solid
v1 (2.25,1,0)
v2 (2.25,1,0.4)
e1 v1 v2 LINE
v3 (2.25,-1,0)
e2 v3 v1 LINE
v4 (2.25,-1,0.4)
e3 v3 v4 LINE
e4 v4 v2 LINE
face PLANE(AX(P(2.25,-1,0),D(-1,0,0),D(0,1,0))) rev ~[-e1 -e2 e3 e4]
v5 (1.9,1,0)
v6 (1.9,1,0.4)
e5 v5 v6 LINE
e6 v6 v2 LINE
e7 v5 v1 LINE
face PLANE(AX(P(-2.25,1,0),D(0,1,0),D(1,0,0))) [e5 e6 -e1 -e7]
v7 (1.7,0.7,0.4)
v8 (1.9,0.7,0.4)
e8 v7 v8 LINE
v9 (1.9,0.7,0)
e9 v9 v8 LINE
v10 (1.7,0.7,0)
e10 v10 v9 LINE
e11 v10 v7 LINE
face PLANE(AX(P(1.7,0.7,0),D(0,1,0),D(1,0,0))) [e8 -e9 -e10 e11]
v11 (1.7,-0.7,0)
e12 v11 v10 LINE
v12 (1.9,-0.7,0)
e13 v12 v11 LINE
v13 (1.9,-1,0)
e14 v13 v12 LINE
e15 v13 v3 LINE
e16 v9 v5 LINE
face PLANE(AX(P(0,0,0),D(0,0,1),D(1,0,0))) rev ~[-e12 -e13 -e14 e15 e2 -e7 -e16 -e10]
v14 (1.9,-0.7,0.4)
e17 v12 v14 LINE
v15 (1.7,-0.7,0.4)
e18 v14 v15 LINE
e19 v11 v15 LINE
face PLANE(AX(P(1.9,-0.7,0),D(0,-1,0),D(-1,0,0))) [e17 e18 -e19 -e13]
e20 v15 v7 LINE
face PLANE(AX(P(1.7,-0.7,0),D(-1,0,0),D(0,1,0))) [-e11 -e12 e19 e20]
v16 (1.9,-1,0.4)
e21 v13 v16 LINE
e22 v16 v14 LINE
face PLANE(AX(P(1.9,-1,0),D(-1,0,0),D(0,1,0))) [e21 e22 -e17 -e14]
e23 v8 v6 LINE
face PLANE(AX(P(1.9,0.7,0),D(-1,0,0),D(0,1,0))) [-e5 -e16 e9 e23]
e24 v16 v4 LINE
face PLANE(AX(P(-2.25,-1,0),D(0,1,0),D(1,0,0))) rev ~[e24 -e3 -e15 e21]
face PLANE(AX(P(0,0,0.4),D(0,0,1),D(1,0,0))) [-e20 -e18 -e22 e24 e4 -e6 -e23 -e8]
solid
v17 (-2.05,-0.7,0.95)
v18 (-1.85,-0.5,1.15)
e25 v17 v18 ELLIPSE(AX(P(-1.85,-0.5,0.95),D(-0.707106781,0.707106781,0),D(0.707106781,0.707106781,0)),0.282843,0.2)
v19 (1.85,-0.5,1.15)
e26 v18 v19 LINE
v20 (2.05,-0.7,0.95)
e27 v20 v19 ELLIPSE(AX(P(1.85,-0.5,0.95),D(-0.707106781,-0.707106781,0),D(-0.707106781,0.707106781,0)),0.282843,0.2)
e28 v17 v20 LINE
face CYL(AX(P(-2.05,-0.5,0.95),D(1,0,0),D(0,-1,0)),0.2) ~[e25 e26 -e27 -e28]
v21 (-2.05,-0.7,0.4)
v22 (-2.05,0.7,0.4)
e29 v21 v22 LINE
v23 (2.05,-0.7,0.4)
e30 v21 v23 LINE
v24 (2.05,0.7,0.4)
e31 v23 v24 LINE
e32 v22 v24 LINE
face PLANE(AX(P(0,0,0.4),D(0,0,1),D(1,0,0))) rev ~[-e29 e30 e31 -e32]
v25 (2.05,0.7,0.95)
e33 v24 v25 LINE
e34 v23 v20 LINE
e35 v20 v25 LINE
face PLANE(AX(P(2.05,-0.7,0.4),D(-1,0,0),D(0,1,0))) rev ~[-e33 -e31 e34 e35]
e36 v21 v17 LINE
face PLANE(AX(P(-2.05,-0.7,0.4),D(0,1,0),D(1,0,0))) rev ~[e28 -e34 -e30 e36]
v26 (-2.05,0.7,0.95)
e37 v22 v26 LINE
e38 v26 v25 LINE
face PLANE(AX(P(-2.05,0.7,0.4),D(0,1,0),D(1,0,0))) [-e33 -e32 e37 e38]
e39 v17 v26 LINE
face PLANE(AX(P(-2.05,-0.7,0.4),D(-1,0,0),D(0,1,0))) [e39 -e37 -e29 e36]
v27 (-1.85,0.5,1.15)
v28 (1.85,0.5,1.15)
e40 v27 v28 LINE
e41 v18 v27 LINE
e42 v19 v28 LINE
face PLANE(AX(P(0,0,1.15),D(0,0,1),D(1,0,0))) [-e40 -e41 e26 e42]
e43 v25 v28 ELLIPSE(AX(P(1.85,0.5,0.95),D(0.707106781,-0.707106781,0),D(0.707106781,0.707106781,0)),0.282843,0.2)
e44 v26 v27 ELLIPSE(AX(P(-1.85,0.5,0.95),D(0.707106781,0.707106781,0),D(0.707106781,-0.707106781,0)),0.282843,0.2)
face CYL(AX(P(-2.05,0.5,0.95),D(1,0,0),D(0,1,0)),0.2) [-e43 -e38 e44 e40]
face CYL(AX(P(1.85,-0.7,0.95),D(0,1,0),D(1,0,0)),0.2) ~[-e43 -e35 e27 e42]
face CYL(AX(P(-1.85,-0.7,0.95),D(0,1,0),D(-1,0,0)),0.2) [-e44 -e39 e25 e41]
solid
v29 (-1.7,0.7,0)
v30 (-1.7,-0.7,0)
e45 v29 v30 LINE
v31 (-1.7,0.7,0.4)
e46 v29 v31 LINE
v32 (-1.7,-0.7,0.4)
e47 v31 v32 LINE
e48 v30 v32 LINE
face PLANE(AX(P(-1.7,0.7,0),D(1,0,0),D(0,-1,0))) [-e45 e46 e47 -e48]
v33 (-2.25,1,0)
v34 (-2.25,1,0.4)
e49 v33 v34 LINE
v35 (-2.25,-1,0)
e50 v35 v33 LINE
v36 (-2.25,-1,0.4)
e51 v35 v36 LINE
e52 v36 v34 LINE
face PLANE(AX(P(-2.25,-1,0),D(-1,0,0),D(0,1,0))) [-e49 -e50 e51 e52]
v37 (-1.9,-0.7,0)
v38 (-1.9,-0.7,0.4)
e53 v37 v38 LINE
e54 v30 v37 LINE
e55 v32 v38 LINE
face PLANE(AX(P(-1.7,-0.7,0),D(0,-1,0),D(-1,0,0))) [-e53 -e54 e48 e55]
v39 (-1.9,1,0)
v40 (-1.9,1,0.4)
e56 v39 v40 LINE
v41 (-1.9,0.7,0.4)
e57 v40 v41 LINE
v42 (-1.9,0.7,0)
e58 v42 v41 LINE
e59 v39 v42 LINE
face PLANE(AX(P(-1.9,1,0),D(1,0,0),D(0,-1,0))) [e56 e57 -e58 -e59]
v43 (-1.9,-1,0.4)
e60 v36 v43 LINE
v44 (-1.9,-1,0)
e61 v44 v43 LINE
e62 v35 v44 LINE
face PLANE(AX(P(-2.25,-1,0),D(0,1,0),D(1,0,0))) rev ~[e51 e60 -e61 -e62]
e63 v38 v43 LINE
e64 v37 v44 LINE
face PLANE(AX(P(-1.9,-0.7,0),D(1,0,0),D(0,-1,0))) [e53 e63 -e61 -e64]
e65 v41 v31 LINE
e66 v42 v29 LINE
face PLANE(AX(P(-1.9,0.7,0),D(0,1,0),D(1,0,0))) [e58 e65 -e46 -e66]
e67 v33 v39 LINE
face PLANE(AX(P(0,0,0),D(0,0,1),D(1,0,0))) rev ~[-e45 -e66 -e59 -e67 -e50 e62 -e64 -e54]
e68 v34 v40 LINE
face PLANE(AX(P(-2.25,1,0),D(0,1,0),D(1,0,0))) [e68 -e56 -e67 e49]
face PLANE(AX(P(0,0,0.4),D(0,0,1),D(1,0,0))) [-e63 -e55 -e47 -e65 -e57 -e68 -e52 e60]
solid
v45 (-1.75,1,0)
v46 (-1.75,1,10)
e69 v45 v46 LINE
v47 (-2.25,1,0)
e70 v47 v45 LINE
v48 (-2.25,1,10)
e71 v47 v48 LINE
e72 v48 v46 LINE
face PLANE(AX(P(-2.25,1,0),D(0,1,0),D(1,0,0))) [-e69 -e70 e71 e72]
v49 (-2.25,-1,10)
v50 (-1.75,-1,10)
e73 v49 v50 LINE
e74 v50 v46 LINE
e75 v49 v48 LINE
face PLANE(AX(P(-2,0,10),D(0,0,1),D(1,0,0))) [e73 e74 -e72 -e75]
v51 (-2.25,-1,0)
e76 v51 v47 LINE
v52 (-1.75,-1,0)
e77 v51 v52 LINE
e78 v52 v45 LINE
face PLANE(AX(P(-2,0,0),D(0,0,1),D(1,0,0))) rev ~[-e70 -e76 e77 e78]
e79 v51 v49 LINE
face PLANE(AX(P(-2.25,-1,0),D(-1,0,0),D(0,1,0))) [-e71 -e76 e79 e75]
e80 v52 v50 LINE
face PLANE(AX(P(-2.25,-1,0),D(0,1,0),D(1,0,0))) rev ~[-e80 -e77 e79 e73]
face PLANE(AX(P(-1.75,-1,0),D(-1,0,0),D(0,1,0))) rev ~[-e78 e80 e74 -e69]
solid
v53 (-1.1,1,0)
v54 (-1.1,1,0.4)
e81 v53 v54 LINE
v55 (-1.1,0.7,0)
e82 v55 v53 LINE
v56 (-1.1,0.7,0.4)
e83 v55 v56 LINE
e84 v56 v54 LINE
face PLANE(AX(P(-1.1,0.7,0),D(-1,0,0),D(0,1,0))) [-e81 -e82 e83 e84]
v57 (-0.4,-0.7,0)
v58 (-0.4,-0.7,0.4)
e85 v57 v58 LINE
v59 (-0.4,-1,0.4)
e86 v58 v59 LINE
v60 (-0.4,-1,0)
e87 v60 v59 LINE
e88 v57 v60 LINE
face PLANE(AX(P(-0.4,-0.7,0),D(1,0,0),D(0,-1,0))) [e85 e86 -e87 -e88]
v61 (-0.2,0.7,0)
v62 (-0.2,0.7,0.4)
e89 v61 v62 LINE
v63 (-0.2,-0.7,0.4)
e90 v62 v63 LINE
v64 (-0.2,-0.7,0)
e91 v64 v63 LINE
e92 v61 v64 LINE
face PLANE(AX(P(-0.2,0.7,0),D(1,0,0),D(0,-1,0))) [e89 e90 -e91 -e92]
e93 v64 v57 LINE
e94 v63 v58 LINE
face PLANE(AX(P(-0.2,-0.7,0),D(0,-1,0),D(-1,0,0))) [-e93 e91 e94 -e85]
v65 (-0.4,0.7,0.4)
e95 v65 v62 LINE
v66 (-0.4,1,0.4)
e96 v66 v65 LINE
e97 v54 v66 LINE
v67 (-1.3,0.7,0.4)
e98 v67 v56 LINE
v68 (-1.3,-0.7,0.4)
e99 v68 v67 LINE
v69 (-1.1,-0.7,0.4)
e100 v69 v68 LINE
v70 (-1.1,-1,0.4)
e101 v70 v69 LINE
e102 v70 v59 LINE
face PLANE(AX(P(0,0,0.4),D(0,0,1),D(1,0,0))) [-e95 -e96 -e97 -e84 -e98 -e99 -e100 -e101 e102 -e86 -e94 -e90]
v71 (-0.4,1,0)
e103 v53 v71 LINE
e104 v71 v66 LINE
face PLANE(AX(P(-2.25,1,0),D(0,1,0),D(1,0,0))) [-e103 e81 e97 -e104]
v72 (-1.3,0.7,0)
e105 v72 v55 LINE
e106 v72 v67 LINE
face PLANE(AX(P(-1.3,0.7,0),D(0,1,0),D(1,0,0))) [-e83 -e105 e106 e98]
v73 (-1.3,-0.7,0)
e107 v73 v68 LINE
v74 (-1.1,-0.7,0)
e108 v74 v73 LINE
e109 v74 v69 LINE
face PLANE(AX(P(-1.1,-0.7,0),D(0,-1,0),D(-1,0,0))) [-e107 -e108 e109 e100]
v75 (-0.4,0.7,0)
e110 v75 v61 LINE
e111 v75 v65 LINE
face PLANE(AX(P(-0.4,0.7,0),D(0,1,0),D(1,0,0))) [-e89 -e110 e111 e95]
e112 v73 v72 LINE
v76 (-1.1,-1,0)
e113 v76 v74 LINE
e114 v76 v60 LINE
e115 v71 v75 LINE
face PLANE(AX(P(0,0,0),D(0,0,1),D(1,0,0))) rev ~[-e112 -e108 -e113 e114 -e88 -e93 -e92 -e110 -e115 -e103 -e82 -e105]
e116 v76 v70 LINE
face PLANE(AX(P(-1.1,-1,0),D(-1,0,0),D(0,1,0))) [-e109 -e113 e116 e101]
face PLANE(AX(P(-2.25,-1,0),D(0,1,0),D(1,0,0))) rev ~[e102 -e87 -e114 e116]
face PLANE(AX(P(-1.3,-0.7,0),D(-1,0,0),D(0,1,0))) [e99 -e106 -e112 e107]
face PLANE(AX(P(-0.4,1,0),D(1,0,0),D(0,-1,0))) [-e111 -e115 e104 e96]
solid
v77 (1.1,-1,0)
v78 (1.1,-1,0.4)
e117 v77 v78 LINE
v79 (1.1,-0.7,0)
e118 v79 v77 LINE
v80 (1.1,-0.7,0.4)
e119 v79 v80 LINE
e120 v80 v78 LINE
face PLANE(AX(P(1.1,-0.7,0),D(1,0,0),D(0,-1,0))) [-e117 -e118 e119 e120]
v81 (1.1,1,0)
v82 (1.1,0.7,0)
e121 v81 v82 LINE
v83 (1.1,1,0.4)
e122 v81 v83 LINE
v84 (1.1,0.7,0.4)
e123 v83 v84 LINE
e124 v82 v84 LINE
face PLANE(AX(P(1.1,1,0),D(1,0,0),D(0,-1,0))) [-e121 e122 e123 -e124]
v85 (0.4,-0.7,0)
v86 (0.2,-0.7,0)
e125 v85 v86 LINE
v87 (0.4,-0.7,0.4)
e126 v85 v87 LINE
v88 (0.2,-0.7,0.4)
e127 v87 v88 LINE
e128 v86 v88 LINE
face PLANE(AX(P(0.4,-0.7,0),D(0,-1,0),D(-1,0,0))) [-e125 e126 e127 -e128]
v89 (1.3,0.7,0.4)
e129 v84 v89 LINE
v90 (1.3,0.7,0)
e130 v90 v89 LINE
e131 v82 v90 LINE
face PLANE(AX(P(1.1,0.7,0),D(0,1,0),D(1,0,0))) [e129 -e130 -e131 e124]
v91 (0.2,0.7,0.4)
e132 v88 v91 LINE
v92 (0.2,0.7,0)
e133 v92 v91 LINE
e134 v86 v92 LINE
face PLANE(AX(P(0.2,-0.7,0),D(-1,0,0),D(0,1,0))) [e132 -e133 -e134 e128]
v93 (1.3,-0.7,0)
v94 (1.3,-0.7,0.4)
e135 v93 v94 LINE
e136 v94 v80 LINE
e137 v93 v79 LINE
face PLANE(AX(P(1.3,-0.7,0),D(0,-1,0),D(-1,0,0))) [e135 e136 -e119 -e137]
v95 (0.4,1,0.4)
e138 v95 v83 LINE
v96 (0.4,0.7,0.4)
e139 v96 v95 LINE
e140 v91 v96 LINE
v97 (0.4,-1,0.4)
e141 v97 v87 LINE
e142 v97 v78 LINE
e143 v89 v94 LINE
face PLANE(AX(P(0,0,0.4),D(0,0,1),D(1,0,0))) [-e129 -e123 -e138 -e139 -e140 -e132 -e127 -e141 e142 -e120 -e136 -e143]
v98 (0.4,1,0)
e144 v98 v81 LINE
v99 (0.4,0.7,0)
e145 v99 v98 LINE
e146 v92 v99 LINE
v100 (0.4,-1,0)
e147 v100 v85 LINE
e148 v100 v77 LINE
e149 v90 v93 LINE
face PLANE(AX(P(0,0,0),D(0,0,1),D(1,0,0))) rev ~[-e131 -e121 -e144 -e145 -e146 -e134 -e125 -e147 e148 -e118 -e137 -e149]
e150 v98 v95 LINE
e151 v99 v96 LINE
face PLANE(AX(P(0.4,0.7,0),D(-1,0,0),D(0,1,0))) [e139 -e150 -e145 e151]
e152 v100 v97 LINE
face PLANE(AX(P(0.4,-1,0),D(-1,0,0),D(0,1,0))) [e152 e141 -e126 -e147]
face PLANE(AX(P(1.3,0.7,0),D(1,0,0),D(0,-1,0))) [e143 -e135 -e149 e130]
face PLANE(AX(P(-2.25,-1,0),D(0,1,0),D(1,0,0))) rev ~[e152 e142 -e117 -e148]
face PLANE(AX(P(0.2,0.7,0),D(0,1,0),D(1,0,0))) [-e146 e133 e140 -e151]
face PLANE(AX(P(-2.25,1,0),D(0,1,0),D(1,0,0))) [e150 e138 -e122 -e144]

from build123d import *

# Parameters (mm, degrees)
SKETCH003_W      = 4.1
SKETCH003_H      = 1.4
EXTRUDE003_DEPTH = 0.75
FILLET_R         = 0.2
BOX001_W         = 0.5
BOX001_H         = 2
BOX001_DEPTH     = 10
SKETCH004_W      = 0.5
SKETCH004_H      = 0.25
EXTRUDE004_DEPTH = 0.4
EXTRUDE_DEPTH    = 0.4
EXTRUDE001_DEPTH = 0.4
EXTRUDE002_DEPTH = 0.4
BOX_W            = 4.5
BOX_H            = 2
BOX_DEPTH        = 0.4


with BuildPart() as lid:
    # Sketch003 → Extrude003 (new body)
    with BuildSketch(Plane.XY):
        Rectangle(SKETCH003_W, SKETCH003_H)
    extrude(amount=EXTRUDE003_DEPTH)


with BuildPart() as lid_1:
    # Extrude003 placement: moved
    add(lid.part.moved(Location((0, 0, 0.4))))

    # Fillet
    fillet_edges = [lid_1.edges().sort_by_distance(p)[0] for p in [
        (0, 0.7, 1.15),
        (2.05, 0, 1.15),
        (0, -0.7, 1.15),
        (-2.05, 0, 1.15),
    ]]
    fillet(fillet_edges, radius=FILLET_R)


with BuildPart() as cube:
    # Box001 → Box001 (new body)
    with BuildSketch(Plane(origin=(-2.25, -1, 0), x_dir=(1, 0, 0), z_dir=(0, 0, 1))):
        with Locations((0.25, 1)):
            Rectangle(BOX001_W, BOX001_H)
    extrude(amount=BOX001_DEPTH)


with BuildPart() as delete_holes:
    # Sketch004 (on Cut) → Extrude004 (new body)
    with BuildSketch(Plane.XY):
        with Locations((-1.52, -0.905)):
            Rectangle(SKETCH004_W, SKETCH004_H)
        with Locations((-1.52, 0.905)):
            Rectangle(SKETCH004_W, SKETCH004_H)
        with Locations((0, 0.895)):
            Rectangle(SKETCH004_W, SKETCH004_H)
        with Locations((0, -0.895)):
            Rectangle(SKETCH004_W, SKETCH004_H)
        with Locations((1.52, -0.905)):
            Rectangle(SKETCH004_W, SKETCH004_H)
        with Locations((1.52, 0.905)):
            Rectangle(SKETCH004_W, SKETCH004_H)
    extrude(amount=EXTRUDE004_DEPTH)


with BuildPart() as pad2:
    # Sketch → Extrude (new body)
    with BuildSketch(Plane.XY):
        with BuildLine():
            Line((-0.2, 0.7), (-0.2, -0.7))
            Line((-0.2, -0.7), (-0.4, -0.7))
            Line((-0.4, -0.7), (-0.4, -1))
            Line((-0.4, -1), (-0.2, -1))
            ThreePointArc((0.2, -1), (0, -0.8), (-0.2, -1))
            Line((0.2, -1), (0.4, -1))
            Line((0.4, -1), (0.4, -0.7))
            Line((0.4, -0.7), (0.2, -0.7))
            Line((0.2, -0.7), (0.2, 0.7))
            Line((0.2, 0.7), (0.4, 0.7))
            Line((0.4, 0.7), (0.4, 1))
            Line((0.4, 1), (0.2, 1))
            ThreePointArc((-0.2, 1), (0, 0.8), (0.2, 1))
            Line((-0.2, 1), (-0.4, 1))
            Line((-0.4, 1), (-0.4, 0.7))
            Line((-0.4, 0.7), (-0.2, 0.7))
        make_face()
    extrude(amount=EXTRUDE_DEPTH)


with BuildPart() as pad1:
    # Sketch001 → Extrude001 (new body)
    with BuildSketch(Plane(origin=(1.5, 0, 0), x_dir=(1, 0, 0), z_dir=(0, 0, 1))):
        with BuildLine():
            Line((-0.2, 0.7), (-0.2, -0.7))
            Line((-0.2, -0.7), (-0.4, -0.7))
            Line((-0.4, -0.7), (-0.4, -1))
            Line((-0.4, -1), (-0.2, -1))
            ThreePointArc((0.2, -1), (0, -0.8), (-0.2, -1))
            Line((0.2, -1), (0.4, -1))
            Line((0.4, -1), (0.4, -0.7))
            Line((0.4, -0.7), (0.2, -0.7))
            Line((0.2, -0.7), (0.2, 0.7))
            Line((0.2, 0.7), (0.4, 0.7))
            Line((0.4, 0.7), (0.4, 1))
            Line((0.4, 1), (0.2, 1))
            ThreePointArc((-0.2, 1), (0, 0.8), (0.2, 1))
            Line((-0.2, 1), (-0.4, 1))
            Line((-0.4, 1), (-0.4, 0.7))
            Line((-0.4, 0.7), (-0.2, 0.7))
        make_face()
    extrude(amount=EXTRUDE001_DEPTH)


with BuildPart() as pads:
    # Sketch002 → Extrude002 (new body)
    with BuildSketch(Plane(origin=(-1.5, 0, 0), x_dir=(1, 0, 0), z_dir=(0, 0, 1))):
        with BuildLine():
            Line((-0.2, 0.7), (-0.2, -0.7))
            Line((-0.2, -0.7), (-0.4, -0.7))
            Line((-0.4, -0.7), (-0.4, -1))
            Line((-0.4, -1), (-0.2, -1))
            ThreePointArc((0.2, -1), (0, -0.8), (-0.2, -1))
            Line((0.2, -1), (0.4, -1))
            Line((0.4, -1), (0.4, -0.7))
            Line((0.4, -0.7), (0.2, -0.7))
            Line((0.2, -0.7), (0.2, 0.7))
            Line((0.2, 0.7), (0.4, 0.7))
            Line((0.4, 0.7), (0.4, 1))
            Line((0.4, 1), (0.2, 1))
            ThreePointArc((-0.2, 1), (0, 0.8), (0.2, 1))
            Line((-0.2, 1), (-0.4, 1))
            Line((-0.4, 1), (-0.4, 0.7))
            Line((-0.4, 0.7), (-0.2, 0.7))
        make_face()
    extrude(amount=EXTRUDE002_DEPTH)

    # Fusion: union pad2, pad1
    add(pad2.part)
    add(pad1.part)


with BuildPart() as base_cut2:
    # Box → Box (new body)
    with BuildSketch(Plane(origin=(-2.25, -1, 0), x_dir=(1, 0, 0), z_dir=(0, 0, 1))):
        with Locations((2.25, 1)):
            Rectangle(BOX_W, BOX_H)
    extrude(amount=BOX_DEPTH)

    # Cut: cut pads
    add(pads.part, mode=Mode.SUBTRACT)

    # Cut001: cut delete_holes
    add(delete_holes.part, mode=Mode.SUBTRACT)


solid = Compound([lid_1.part, cube.part, base_cut2.part])
